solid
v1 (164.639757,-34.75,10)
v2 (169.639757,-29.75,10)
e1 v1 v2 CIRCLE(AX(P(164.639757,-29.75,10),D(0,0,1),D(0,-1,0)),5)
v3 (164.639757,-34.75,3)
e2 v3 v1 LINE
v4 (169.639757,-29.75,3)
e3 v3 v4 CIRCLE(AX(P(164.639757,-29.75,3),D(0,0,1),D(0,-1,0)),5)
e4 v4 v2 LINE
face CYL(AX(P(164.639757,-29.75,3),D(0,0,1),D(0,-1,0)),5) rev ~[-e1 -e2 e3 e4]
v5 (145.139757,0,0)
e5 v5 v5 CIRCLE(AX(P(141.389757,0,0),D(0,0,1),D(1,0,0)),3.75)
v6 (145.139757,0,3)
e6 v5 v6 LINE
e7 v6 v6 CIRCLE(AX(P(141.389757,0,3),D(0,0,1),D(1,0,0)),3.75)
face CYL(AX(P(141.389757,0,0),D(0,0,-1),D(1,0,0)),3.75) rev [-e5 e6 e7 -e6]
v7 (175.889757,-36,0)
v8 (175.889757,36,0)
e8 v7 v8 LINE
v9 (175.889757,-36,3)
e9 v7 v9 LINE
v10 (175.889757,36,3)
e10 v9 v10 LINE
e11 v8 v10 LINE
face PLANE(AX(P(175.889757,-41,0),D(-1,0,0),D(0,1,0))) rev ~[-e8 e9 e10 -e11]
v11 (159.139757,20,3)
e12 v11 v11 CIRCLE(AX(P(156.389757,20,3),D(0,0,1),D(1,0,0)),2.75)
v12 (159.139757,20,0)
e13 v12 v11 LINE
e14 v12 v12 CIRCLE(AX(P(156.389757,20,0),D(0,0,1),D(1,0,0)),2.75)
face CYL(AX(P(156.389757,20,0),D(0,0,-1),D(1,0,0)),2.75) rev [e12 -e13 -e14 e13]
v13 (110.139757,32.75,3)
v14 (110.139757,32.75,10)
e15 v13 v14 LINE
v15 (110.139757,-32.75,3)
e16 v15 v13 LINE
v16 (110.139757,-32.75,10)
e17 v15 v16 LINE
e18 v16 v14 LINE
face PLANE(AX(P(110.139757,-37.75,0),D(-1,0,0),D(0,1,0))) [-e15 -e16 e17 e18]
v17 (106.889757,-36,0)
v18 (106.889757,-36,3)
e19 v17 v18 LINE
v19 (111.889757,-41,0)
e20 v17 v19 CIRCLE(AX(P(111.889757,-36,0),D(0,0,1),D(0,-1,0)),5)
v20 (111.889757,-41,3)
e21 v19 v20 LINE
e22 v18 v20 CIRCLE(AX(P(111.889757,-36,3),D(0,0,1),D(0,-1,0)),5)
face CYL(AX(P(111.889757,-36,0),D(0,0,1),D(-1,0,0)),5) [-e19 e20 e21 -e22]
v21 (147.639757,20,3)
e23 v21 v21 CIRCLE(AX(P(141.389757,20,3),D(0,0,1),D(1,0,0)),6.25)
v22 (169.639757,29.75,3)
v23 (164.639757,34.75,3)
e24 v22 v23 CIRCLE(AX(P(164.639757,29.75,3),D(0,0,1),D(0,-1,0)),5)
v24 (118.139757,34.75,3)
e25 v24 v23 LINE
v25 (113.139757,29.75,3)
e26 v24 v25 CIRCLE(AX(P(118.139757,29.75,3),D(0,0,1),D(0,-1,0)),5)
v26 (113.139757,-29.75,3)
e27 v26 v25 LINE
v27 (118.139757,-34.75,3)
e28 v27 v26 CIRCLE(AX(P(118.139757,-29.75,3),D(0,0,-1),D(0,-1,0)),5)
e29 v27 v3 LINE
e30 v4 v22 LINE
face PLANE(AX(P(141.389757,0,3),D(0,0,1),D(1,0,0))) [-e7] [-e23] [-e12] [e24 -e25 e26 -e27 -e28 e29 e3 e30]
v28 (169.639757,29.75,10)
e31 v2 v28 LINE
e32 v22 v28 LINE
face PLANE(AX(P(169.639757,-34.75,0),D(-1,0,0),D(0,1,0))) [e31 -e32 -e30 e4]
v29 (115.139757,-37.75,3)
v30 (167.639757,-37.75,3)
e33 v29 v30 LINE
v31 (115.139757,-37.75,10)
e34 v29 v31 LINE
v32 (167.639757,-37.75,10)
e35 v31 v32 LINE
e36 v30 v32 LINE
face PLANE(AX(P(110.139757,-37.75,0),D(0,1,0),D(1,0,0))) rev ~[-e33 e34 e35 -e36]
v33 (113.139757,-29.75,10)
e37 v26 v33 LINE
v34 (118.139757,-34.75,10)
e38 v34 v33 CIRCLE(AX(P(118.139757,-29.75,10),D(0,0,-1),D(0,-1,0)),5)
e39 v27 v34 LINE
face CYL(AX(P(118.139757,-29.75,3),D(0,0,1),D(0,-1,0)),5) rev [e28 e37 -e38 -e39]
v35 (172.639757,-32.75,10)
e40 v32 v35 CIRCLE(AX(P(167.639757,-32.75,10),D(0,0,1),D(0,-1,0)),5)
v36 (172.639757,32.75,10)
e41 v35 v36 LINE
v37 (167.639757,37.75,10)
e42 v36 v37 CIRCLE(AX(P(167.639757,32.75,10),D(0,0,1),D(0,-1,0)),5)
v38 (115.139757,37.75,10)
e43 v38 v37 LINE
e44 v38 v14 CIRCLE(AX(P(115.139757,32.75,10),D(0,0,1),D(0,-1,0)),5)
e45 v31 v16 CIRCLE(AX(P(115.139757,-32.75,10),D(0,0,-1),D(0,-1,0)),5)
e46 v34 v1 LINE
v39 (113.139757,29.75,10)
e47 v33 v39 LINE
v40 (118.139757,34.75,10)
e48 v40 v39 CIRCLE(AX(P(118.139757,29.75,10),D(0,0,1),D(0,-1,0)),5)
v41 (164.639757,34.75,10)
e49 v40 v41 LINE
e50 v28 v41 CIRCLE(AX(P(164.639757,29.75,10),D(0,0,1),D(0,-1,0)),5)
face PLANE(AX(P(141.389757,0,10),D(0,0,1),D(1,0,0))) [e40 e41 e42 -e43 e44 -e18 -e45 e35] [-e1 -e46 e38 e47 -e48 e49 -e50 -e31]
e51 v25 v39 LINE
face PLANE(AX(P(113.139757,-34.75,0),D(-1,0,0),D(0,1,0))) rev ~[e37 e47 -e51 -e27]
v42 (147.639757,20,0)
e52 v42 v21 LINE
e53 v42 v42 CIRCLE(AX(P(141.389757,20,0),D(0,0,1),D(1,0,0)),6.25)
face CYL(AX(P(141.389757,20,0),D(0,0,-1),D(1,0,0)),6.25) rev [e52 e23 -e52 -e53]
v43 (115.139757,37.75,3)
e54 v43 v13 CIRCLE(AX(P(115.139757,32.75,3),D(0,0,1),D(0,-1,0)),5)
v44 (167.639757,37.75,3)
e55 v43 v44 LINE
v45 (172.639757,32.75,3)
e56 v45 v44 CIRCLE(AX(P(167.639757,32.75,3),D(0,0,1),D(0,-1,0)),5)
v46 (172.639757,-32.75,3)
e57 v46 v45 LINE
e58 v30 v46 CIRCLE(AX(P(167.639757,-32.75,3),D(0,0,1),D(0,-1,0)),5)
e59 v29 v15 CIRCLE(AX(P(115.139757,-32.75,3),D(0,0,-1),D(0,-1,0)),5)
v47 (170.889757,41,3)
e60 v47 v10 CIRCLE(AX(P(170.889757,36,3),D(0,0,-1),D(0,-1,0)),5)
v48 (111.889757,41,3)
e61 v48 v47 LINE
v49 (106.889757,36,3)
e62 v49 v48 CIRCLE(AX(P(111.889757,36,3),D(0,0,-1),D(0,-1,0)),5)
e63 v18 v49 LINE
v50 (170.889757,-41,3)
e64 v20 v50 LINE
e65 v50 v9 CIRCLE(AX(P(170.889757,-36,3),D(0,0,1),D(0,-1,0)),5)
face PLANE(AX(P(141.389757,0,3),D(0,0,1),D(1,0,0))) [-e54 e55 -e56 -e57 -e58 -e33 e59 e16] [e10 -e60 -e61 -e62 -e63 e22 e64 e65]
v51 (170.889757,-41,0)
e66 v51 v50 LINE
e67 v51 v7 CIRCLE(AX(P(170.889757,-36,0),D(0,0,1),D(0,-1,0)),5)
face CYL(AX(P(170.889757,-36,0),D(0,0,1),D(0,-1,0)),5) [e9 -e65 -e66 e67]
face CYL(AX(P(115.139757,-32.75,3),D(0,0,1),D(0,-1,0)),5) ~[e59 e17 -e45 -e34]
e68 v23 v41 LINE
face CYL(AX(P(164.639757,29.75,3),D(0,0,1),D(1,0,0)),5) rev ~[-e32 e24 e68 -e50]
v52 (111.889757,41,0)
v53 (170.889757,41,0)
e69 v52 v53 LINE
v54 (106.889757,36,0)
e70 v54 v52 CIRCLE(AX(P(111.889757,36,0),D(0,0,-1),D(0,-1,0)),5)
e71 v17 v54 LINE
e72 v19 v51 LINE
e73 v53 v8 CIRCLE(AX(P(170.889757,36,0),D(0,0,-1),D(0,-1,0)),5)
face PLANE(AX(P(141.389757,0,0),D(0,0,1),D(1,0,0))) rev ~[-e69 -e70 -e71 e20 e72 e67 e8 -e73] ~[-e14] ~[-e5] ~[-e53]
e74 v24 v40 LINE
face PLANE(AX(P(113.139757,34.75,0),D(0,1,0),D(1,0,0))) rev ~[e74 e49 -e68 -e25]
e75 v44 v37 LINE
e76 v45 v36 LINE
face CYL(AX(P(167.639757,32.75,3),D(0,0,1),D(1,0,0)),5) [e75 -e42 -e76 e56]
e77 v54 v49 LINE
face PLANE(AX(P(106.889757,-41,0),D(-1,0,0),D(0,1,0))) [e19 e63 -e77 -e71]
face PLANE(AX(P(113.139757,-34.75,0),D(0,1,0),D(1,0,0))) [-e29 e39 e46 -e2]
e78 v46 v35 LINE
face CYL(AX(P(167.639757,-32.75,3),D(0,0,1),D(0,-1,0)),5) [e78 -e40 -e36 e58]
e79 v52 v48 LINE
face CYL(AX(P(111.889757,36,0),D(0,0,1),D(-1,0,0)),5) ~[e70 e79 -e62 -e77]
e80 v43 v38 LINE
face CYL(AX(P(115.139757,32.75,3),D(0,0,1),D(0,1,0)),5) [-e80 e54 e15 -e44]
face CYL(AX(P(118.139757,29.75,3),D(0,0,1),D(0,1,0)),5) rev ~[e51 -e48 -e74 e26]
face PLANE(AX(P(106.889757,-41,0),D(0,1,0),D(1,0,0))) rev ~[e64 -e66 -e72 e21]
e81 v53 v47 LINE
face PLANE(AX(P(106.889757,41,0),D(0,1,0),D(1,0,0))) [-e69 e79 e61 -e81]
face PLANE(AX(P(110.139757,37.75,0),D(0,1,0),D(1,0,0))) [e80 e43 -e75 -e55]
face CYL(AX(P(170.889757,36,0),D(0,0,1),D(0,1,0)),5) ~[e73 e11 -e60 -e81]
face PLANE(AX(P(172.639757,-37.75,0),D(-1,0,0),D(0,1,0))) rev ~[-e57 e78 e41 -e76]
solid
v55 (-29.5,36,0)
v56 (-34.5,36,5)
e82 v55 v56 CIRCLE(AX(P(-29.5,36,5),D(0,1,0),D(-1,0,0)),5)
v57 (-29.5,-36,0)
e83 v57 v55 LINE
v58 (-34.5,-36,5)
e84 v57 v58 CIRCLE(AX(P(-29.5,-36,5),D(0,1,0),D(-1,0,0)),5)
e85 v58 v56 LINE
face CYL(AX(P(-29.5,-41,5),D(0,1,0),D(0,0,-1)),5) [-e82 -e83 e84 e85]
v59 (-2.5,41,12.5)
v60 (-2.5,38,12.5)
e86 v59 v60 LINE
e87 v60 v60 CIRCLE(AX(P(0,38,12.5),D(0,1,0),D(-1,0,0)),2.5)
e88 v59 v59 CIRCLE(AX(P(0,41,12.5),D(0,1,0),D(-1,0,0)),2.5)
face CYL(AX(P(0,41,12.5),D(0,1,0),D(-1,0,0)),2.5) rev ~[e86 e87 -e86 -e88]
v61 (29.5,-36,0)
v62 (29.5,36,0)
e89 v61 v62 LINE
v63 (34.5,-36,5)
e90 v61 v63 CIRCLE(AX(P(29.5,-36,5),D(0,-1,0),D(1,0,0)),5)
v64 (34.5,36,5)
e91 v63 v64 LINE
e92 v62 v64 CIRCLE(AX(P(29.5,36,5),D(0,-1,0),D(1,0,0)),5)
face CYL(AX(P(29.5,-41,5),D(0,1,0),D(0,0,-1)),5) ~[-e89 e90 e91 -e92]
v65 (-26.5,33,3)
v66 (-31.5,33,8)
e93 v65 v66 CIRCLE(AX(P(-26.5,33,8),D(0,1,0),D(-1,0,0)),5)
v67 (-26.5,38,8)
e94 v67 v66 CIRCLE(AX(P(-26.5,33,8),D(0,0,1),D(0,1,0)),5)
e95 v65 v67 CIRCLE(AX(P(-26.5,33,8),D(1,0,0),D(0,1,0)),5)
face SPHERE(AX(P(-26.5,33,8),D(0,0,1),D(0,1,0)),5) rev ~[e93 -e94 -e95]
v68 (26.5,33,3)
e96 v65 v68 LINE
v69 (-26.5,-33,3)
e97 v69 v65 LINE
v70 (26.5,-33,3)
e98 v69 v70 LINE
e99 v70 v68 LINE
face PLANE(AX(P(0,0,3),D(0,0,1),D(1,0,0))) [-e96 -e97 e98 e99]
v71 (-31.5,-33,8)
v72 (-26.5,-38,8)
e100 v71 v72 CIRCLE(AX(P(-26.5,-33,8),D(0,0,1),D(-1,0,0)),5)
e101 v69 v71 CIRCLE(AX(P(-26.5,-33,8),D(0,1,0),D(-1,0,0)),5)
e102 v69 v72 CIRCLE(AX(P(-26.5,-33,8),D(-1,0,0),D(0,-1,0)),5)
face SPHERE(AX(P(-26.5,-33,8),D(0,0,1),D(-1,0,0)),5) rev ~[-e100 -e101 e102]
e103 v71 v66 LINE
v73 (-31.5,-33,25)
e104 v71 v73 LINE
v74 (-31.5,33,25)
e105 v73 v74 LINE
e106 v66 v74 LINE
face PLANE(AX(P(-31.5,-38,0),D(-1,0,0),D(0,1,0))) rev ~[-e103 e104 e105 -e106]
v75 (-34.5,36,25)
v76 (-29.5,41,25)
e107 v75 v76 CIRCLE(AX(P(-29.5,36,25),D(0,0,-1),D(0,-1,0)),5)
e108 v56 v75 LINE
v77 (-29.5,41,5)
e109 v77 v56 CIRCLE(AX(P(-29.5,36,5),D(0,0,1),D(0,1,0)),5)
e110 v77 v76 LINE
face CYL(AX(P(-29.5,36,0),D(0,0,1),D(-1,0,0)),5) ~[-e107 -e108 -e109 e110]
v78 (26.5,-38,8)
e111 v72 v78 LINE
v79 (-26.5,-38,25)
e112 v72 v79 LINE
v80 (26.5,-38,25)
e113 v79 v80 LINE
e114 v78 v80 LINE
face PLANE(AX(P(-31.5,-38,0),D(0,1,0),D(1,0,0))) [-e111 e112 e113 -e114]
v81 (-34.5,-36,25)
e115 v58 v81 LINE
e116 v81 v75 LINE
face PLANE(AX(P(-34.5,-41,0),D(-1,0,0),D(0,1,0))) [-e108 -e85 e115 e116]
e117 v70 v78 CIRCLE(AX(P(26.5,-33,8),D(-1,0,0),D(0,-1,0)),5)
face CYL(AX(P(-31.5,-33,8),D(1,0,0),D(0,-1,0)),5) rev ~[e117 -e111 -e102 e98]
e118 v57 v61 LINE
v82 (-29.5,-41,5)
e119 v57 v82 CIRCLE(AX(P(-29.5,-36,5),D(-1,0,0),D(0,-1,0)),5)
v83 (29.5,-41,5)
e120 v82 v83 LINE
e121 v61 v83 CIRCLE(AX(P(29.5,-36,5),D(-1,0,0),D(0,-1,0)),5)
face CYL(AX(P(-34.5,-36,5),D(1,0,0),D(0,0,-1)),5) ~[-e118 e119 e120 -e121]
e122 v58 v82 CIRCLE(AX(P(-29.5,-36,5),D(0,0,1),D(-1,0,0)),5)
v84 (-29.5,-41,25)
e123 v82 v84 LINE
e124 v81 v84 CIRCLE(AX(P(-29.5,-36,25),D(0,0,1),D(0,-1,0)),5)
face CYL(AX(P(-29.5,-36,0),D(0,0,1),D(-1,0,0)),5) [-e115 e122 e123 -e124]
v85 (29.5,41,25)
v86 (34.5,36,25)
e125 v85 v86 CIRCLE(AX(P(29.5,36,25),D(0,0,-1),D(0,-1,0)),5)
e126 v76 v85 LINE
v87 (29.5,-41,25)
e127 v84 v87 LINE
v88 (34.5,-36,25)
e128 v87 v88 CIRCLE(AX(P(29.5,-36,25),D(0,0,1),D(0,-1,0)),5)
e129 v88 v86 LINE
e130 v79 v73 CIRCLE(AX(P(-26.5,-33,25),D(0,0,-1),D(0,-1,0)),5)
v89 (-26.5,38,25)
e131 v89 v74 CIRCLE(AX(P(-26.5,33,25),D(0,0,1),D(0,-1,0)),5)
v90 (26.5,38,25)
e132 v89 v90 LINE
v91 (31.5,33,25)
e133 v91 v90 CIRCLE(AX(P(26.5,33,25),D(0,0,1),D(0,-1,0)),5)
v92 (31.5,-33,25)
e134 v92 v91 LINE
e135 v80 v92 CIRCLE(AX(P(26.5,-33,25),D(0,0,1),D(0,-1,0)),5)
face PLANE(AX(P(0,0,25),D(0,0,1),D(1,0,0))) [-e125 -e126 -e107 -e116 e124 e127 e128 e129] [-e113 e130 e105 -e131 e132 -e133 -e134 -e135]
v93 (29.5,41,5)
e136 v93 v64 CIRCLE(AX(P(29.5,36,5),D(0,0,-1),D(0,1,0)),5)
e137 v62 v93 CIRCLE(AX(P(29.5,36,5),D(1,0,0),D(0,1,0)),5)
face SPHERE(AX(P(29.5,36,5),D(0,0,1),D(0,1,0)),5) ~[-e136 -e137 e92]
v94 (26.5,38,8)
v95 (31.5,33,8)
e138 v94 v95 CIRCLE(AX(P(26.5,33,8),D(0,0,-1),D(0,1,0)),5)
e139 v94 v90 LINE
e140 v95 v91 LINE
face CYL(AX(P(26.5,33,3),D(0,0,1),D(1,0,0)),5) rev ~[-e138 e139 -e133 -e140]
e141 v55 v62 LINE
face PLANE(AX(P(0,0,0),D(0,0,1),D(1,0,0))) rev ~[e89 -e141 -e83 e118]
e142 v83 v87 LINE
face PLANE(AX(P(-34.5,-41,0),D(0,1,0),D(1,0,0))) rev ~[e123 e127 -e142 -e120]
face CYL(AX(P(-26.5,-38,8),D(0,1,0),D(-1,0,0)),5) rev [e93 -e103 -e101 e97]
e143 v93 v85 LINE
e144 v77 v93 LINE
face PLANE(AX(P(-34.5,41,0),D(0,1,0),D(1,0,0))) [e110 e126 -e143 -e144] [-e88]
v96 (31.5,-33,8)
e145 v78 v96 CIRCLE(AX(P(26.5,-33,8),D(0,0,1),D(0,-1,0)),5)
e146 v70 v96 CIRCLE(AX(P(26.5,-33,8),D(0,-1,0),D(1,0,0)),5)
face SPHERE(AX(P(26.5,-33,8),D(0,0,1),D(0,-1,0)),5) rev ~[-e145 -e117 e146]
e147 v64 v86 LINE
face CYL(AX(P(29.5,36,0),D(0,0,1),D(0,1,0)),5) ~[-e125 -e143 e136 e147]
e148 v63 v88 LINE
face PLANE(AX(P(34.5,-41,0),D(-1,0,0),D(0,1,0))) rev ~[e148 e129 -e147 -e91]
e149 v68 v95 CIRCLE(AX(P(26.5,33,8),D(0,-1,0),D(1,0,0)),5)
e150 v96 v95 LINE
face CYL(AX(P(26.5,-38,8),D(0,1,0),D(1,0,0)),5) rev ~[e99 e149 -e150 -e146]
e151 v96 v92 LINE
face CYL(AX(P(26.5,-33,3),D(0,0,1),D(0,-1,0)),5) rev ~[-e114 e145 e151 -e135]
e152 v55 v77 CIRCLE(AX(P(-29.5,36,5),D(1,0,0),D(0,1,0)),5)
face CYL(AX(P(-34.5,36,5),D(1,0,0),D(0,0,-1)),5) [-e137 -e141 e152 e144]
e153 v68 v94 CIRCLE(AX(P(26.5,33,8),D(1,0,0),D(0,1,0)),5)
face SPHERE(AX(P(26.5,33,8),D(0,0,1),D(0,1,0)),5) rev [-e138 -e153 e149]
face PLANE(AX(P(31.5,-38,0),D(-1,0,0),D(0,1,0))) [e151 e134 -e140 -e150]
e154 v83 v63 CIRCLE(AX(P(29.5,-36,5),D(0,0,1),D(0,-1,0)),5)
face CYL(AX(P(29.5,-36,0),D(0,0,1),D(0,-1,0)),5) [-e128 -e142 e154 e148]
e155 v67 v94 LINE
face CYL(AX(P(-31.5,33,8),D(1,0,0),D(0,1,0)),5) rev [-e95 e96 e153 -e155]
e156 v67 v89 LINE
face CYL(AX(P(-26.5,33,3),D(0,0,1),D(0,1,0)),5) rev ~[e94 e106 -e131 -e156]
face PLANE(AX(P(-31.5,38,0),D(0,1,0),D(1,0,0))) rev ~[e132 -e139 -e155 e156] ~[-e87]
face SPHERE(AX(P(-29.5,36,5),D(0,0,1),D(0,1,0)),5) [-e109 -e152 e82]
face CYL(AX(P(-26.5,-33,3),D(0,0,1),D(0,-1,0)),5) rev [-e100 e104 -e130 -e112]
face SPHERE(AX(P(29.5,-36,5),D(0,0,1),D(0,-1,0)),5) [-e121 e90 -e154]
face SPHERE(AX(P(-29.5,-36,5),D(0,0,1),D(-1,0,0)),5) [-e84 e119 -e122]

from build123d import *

# Parameters (mm, degrees)
F0_W     = 69
F0_H     = 82
F0_W_2   = 63
F0_H_2   = 76
F1_DEPTH = 25
F2_DEPTH = 3
F0_W_3   = 62.5
F0_H_3   = 75.5
F0_W_4   = 56.5
F0_H_4   = 69.5
F3_DEPTH = 10
F0_R     = 3.75
F0_R_2   = 6.25
F0_R_3   = 2.75
F4_DEPTH = 3
F5_R     = 5
F5_2_R   = 5
F6_R     = 2.5
F7_DEPTH = 25


with BuildPart() as f1:
    # F0 (on Top) → F1 (new body)
    with BuildSketch(Plane.XY):
        Rectangle(F0_W, F0_H)
        Rectangle(F0_W_2, F0_H_2, mode=Mode.SUBTRACT)
    extrude(amount=F1_DEPTH)

    # F0 (on Top) → F2 (join)
    with BuildSketch(Plane.XY):
        Rectangle(F0_W_2, F0_H_2)
    extrude(amount=F2_DEPTH)

    # F5
    f5_edges = [f1.edges().sort_by_distance(p)[0] for p in [
        (34.5, 41, 12.5),
        (31.5, 38, 14),
        (-31.5, 38, 14),
        (-34.5, 41, 12.5),
        (34.5, -41, 12.5),
        (31.5, -38, 14),
        (-34.5, -41, 12.5),
        (-31.5, -38, 14),
        (0, 41, 0),
        (-34.5, 0, 0),
        (0, -41, 0),
        (34.5, 0, 0),
        (0, 38, 3),
        (-31.5, 0, 3),
        (0, -38, 3),
        (31.5, 0, 3),
    ]]
    fillet(f5_edges, radius=F5_R)

    # F6 (on face) → F7 (cut)
    with BuildSketch(Plane(origin=(0, 41, 0), x_dir=(-1, 0, 0), z_dir=(0, 1, 0))):
        with Locations((0, 12.5)):
            Circle(F6_R)
    extrude(amount=-F7_DEPTH, mode=Mode.SUBTRACT)


with BuildPart() as f3:
    # F0 (on Top) → F3 (new body)
    with BuildSketch(Plane.XY):
        with Locations((141.389757, 0)):
            Rectangle(F0_W_3, F0_H_3)
        with Locations((141.389757, 0)):
            Rectangle(F0_W_4, F0_H_4, mode=Mode.SUBTRACT)
    extrude(amount=F3_DEPTH)

    # F0 (on Top) → F4 (join)
    with BuildSketch(Plane.XY):
        with Locations((141.389757, 0)):
            Rectangle(F0_W, F0_H)
        with Locations((141.389757, 0)):
            Rectangle(F0_W_3, F0_H_3, mode=Mode.SUBTRACT)
        with Locations((141.389757, 0)):
            Rectangle(F0_W_4, F0_H_4)
        with Locations((141.389757, 0)):
            Circle(F0_R, mode=Mode.SUBTRACT)
        with Locations((141.389757, 20)):
            Circle(F0_R_2, mode=Mode.SUBTRACT)
        with Locations((156.389757, 20)):
            Circle(F0_R_3, mode=Mode.SUBTRACT)
    extrude(amount=F4_DEPTH)

    # F5#2
    f5_2_edges = [f3.edges().sort_by_distance(p)[0] for p in [
        (106.889757, -41, 1.5),
        (172.639757, -37.75, 6.5),
        (172.639757, 37.75, 6.5),
        (110.139757, 37.75, 6.5),
        (169.639757, 34.75, 6.5),
        (113.139757, 34.75, 6.5),
        (169.639757, -34.75, 6.5),
        (113.139757, -34.75, 6.5),
        (175.889757, 41, 1.5),
        (175.889757, -41, 1.5),
        (106.889757, 41, 1.5),
        (110.139757, -37.75, 6.5),
    ]]
    fillet(f5_2_edges, radius=F5_2_R)


solid = Compound([f1.part, f3.part])
